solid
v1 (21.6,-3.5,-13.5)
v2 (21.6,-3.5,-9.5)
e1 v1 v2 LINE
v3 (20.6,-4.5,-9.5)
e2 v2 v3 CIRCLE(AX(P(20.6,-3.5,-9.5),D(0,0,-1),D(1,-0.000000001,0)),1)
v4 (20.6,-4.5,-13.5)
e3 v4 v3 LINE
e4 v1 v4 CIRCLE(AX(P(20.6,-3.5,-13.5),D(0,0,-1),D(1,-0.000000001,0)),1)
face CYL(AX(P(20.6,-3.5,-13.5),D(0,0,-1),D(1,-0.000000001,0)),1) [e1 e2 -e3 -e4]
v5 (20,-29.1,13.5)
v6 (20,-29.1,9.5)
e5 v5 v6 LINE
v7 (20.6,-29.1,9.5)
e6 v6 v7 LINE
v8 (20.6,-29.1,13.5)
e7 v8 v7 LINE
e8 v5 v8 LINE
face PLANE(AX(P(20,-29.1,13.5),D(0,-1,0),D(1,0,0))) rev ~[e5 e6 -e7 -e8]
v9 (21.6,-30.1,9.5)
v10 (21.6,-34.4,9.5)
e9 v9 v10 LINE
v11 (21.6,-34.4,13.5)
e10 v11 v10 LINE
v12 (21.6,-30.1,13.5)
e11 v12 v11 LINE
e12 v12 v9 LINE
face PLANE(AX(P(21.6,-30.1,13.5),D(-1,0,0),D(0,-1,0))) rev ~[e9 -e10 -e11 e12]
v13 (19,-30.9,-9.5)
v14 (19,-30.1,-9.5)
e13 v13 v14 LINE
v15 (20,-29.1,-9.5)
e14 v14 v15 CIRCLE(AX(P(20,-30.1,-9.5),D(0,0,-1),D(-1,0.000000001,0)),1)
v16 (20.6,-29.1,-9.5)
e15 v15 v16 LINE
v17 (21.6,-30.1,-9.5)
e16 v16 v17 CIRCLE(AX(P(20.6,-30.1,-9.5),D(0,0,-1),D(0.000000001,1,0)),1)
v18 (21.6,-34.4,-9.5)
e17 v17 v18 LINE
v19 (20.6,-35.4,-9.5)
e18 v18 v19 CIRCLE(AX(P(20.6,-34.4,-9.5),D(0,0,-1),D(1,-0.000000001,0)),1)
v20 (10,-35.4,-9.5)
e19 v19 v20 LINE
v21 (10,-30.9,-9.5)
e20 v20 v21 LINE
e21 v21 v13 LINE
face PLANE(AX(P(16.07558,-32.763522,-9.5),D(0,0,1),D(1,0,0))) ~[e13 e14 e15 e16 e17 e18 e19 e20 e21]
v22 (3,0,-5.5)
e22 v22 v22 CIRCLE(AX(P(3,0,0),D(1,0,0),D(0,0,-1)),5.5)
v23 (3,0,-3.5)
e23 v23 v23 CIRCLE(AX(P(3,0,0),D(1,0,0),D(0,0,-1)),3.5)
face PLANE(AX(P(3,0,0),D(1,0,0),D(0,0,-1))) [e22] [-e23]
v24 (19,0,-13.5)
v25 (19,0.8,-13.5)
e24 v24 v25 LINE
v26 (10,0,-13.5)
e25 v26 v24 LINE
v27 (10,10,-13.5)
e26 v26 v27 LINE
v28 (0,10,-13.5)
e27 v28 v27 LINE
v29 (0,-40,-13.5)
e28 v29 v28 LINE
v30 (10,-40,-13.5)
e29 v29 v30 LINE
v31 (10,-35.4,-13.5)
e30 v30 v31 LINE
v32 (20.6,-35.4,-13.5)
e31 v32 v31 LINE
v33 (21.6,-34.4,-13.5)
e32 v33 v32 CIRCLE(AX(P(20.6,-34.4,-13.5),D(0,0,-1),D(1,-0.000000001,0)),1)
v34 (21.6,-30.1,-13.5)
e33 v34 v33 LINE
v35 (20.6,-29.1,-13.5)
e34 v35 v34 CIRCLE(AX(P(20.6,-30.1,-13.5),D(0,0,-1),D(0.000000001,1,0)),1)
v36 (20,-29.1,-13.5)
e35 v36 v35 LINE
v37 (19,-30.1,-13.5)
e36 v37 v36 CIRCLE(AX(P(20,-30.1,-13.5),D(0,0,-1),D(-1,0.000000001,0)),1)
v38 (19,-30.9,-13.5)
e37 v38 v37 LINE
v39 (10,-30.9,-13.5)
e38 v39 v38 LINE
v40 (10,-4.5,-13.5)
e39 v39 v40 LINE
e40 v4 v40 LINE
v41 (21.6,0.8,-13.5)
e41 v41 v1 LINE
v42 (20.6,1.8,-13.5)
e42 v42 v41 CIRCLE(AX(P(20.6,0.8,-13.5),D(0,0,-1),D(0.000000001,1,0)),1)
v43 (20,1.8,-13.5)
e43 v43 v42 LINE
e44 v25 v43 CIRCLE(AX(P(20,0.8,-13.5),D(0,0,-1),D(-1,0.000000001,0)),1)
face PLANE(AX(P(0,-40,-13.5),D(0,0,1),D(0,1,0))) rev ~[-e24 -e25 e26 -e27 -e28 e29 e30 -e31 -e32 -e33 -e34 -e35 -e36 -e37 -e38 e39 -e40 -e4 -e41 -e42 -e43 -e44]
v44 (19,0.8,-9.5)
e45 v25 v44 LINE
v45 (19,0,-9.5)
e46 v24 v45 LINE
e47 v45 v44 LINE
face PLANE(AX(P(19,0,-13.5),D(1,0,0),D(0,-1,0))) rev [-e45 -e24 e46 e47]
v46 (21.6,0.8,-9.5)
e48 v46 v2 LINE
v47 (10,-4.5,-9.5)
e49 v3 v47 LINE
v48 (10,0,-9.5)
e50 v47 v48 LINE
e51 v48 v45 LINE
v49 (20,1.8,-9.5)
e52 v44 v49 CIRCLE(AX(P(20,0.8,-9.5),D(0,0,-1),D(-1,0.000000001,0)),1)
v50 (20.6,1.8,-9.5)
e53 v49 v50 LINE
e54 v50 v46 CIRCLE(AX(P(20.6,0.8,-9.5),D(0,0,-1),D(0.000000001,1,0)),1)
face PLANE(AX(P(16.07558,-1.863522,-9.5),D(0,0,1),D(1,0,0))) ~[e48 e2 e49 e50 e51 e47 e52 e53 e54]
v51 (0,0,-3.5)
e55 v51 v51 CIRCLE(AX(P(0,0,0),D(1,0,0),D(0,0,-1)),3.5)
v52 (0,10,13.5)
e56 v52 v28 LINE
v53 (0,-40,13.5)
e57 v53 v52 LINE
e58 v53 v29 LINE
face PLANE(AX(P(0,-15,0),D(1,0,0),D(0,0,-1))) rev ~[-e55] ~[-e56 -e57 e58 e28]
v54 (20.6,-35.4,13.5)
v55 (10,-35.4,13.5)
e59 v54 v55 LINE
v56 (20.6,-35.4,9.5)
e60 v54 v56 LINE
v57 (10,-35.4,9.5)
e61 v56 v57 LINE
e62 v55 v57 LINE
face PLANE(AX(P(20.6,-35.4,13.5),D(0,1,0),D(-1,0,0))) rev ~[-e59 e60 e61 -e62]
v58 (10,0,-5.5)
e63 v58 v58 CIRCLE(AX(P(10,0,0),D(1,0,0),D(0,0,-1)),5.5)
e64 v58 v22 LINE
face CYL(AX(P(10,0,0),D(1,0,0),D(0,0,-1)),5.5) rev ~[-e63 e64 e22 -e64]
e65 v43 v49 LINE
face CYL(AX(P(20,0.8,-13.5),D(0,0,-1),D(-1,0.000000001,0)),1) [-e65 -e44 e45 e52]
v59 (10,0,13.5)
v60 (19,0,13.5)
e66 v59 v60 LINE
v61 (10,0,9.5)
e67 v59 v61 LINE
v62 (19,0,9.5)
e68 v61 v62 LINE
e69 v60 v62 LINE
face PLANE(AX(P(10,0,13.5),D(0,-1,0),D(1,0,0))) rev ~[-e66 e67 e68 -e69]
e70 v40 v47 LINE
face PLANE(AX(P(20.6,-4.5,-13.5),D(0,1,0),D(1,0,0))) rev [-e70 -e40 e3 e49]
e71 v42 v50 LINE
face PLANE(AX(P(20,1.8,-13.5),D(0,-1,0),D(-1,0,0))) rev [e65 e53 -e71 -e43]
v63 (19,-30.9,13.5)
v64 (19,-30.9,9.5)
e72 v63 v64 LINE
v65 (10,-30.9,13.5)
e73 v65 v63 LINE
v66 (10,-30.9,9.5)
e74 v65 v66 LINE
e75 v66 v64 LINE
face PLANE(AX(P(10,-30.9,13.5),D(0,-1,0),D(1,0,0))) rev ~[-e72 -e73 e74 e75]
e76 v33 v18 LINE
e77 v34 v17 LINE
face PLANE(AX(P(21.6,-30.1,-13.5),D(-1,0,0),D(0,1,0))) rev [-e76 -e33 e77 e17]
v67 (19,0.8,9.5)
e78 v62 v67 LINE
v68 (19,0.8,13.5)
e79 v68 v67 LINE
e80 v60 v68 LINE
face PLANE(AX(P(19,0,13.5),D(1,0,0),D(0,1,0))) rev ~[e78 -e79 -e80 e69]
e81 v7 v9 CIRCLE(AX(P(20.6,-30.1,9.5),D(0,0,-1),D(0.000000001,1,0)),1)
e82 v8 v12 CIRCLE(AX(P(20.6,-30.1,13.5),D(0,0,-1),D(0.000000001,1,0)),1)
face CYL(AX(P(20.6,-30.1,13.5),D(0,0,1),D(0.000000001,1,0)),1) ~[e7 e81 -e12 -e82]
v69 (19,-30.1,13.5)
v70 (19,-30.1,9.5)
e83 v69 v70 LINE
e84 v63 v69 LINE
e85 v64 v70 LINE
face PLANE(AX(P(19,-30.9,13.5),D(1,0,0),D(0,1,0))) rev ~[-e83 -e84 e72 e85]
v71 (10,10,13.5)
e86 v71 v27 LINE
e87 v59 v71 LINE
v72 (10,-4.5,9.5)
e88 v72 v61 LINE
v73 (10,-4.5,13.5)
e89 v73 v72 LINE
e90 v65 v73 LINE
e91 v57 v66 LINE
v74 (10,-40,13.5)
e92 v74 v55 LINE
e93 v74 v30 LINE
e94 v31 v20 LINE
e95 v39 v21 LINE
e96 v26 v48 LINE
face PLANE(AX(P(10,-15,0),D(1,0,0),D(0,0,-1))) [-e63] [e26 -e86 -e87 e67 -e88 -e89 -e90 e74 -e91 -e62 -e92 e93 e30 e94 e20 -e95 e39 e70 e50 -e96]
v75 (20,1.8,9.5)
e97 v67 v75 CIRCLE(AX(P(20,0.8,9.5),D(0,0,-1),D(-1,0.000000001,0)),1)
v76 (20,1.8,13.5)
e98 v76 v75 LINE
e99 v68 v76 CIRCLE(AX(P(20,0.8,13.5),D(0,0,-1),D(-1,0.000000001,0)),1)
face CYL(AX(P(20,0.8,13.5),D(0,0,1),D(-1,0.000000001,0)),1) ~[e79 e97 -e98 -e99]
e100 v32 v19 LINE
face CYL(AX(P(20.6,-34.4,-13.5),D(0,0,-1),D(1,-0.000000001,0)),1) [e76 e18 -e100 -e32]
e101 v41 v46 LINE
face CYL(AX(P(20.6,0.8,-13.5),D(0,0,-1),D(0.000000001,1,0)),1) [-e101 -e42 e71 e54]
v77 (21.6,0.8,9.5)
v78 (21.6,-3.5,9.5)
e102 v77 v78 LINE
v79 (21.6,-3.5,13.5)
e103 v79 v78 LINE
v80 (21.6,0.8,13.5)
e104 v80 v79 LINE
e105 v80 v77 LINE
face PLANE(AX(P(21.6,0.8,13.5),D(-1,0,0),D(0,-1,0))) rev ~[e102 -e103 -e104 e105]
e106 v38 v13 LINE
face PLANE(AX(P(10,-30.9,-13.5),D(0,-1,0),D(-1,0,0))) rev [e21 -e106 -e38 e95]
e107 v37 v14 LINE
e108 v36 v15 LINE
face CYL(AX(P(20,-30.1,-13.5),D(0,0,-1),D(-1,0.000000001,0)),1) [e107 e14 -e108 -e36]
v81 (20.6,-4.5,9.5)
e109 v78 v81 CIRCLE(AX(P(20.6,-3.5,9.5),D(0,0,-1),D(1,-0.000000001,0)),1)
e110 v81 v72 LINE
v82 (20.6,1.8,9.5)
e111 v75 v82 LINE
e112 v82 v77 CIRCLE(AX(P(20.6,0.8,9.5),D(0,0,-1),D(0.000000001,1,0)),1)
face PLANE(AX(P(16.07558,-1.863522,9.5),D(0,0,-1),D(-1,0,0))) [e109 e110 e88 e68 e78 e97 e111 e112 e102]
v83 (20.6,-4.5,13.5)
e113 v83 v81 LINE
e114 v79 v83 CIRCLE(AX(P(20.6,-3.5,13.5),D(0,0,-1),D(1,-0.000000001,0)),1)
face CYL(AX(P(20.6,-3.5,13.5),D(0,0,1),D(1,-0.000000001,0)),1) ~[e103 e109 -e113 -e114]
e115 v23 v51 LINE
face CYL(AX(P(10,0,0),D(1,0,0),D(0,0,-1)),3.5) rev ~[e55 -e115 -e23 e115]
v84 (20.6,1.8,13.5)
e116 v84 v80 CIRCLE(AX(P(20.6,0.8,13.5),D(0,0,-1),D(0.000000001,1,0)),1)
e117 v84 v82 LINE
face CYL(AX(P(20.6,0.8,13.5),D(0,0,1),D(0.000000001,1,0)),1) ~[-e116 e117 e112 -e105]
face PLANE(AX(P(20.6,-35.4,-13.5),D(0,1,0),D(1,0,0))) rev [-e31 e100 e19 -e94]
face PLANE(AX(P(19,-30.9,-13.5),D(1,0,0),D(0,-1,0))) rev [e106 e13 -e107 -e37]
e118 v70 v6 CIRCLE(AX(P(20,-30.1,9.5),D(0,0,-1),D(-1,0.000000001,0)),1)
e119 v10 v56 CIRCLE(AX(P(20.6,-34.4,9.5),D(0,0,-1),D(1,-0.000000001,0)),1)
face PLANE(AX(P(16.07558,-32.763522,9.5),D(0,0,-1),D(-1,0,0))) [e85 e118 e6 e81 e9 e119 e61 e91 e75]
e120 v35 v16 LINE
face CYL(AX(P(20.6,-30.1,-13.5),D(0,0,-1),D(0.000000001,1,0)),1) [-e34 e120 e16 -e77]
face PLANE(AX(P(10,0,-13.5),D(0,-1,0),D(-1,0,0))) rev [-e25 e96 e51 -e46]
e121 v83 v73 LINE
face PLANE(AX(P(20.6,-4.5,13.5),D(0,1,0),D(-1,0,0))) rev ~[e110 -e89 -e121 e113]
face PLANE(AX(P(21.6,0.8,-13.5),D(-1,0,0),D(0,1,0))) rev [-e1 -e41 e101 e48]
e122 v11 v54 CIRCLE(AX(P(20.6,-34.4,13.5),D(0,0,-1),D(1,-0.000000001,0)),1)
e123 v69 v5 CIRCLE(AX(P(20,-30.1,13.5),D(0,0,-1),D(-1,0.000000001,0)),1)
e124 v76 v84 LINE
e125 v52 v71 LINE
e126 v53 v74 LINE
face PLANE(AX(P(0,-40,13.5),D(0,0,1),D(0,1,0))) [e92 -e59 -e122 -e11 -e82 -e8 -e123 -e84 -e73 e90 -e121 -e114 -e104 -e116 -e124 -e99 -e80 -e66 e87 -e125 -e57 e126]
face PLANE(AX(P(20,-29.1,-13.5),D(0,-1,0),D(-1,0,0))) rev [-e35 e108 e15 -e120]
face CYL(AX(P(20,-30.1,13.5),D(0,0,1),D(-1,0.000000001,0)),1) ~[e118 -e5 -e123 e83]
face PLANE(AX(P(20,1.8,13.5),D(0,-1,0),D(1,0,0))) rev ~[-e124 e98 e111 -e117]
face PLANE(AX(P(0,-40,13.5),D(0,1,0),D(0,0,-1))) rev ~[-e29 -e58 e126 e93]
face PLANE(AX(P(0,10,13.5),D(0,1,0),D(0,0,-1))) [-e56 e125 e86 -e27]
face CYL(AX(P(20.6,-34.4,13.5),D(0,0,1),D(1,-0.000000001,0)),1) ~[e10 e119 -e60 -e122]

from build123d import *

# Parameters (mm, degrees)
SKETCH1_W           = 27
SKETCH1_H           = 50
BOSS_EXTRUDE1_DEPTH = 10
SKETCH2_R           = 3.5
CUT_EXTRUDE1_DEPTH  = 10
SKETCH3_R           = 5.5
CUT_EXTRUDE2_DEPTH  = 7
BOSS_EXTRUDE2_DEPTH = 4


with BuildPart() as part:
    # Sketch1 → Boss-Extrude1 (new body)
    with BuildSketch(Plane(origin=(0, 0, 0), x_dir=(0, 0, -1), z_dir=(1, 0, 0))):
        with Locations((0, -15)):
            Rectangle(SKETCH1_W, SKETCH1_H)
    extrude(amount=BOSS_EXTRUDE1_DEPTH)

    # Sketch2 → Cut-Extrude1 (cut)
    with BuildSketch(Plane(origin=(10, 0, 0), x_dir=(0, 0, -1), z_dir=(1, 0, 0))):
        Circle(SKETCH2_R)
    extrude(amount=-CUT_EXTRUDE1_DEPTH, mode=Mode.SUBTRACT)

    # Sketch3 → Cut-Extrude2 (cut)
    with BuildSketch(Plane(origin=(10, 0, 0), x_dir=(0, 0, -1), z_dir=(1, 0, 0))):
        Circle(SKETCH3_R)
    extrude(amount=-CUT_EXTRUDE2_DEPTH, mode=Mode.SUBTRACT)

    # Sketch4 → Boss-Extrude2 (add)
    with BuildSketch(Plane.XY.offset(13.5)):
        with BuildLine():
            Line((10, 0), (19, 0))
            Line((19, 0), (19, 0.8))
            ThreePointArc((19, 0.8), (19.292893219, 1.507106781), (20, 1.8))
            Line((20, 1.8), (20.6, 1.8))
            ThreePointArc((20.6, 1.8), (21.307106781, 1.507106781), (21.6, 0.8))
            Line((21.6, 0.8), (21.6, -3.5))
            ThreePointArc((21.6, -3.5), (21.307106781, -4.207106781), (20.6, -4.5))
            Line((20.6, -4.5), (10, -4.5))
            Line((10, -4.5), (10, 0))
        make_face()
        with BuildLine():
            Line((10, -30.9), (19, -30.9))
            Line((19, -30.9), (19, -30.1))
            ThreePointArc((19, -30.1), (19.292893219, -29.392893219), (20, -29.1))
            Line((20, -29.1), (20.6, -29.1))
            ThreePointArc((20.6, -29.1), (21.307106781, -29.392893219), (21.6, -30.1))
            Line((21.6, -30.1), (21.6, -34.4))
            ThreePointArc((21.6, -34.4), (21.307106781, -35.107106781), (20.6, -35.4))
            Line((20.6, -35.4), (10, -35.4))
            Line((10, -35.4), (10, -30.9))
        make_face()
    boss_extrude2 = extrude(amount=-BOSS_EXTRUDE2_DEPTH)

    # Mirror1: Boss-Extrude2 across plane
    add(boss_extrude2.mirror(Plane.XY))


solid = part.part
